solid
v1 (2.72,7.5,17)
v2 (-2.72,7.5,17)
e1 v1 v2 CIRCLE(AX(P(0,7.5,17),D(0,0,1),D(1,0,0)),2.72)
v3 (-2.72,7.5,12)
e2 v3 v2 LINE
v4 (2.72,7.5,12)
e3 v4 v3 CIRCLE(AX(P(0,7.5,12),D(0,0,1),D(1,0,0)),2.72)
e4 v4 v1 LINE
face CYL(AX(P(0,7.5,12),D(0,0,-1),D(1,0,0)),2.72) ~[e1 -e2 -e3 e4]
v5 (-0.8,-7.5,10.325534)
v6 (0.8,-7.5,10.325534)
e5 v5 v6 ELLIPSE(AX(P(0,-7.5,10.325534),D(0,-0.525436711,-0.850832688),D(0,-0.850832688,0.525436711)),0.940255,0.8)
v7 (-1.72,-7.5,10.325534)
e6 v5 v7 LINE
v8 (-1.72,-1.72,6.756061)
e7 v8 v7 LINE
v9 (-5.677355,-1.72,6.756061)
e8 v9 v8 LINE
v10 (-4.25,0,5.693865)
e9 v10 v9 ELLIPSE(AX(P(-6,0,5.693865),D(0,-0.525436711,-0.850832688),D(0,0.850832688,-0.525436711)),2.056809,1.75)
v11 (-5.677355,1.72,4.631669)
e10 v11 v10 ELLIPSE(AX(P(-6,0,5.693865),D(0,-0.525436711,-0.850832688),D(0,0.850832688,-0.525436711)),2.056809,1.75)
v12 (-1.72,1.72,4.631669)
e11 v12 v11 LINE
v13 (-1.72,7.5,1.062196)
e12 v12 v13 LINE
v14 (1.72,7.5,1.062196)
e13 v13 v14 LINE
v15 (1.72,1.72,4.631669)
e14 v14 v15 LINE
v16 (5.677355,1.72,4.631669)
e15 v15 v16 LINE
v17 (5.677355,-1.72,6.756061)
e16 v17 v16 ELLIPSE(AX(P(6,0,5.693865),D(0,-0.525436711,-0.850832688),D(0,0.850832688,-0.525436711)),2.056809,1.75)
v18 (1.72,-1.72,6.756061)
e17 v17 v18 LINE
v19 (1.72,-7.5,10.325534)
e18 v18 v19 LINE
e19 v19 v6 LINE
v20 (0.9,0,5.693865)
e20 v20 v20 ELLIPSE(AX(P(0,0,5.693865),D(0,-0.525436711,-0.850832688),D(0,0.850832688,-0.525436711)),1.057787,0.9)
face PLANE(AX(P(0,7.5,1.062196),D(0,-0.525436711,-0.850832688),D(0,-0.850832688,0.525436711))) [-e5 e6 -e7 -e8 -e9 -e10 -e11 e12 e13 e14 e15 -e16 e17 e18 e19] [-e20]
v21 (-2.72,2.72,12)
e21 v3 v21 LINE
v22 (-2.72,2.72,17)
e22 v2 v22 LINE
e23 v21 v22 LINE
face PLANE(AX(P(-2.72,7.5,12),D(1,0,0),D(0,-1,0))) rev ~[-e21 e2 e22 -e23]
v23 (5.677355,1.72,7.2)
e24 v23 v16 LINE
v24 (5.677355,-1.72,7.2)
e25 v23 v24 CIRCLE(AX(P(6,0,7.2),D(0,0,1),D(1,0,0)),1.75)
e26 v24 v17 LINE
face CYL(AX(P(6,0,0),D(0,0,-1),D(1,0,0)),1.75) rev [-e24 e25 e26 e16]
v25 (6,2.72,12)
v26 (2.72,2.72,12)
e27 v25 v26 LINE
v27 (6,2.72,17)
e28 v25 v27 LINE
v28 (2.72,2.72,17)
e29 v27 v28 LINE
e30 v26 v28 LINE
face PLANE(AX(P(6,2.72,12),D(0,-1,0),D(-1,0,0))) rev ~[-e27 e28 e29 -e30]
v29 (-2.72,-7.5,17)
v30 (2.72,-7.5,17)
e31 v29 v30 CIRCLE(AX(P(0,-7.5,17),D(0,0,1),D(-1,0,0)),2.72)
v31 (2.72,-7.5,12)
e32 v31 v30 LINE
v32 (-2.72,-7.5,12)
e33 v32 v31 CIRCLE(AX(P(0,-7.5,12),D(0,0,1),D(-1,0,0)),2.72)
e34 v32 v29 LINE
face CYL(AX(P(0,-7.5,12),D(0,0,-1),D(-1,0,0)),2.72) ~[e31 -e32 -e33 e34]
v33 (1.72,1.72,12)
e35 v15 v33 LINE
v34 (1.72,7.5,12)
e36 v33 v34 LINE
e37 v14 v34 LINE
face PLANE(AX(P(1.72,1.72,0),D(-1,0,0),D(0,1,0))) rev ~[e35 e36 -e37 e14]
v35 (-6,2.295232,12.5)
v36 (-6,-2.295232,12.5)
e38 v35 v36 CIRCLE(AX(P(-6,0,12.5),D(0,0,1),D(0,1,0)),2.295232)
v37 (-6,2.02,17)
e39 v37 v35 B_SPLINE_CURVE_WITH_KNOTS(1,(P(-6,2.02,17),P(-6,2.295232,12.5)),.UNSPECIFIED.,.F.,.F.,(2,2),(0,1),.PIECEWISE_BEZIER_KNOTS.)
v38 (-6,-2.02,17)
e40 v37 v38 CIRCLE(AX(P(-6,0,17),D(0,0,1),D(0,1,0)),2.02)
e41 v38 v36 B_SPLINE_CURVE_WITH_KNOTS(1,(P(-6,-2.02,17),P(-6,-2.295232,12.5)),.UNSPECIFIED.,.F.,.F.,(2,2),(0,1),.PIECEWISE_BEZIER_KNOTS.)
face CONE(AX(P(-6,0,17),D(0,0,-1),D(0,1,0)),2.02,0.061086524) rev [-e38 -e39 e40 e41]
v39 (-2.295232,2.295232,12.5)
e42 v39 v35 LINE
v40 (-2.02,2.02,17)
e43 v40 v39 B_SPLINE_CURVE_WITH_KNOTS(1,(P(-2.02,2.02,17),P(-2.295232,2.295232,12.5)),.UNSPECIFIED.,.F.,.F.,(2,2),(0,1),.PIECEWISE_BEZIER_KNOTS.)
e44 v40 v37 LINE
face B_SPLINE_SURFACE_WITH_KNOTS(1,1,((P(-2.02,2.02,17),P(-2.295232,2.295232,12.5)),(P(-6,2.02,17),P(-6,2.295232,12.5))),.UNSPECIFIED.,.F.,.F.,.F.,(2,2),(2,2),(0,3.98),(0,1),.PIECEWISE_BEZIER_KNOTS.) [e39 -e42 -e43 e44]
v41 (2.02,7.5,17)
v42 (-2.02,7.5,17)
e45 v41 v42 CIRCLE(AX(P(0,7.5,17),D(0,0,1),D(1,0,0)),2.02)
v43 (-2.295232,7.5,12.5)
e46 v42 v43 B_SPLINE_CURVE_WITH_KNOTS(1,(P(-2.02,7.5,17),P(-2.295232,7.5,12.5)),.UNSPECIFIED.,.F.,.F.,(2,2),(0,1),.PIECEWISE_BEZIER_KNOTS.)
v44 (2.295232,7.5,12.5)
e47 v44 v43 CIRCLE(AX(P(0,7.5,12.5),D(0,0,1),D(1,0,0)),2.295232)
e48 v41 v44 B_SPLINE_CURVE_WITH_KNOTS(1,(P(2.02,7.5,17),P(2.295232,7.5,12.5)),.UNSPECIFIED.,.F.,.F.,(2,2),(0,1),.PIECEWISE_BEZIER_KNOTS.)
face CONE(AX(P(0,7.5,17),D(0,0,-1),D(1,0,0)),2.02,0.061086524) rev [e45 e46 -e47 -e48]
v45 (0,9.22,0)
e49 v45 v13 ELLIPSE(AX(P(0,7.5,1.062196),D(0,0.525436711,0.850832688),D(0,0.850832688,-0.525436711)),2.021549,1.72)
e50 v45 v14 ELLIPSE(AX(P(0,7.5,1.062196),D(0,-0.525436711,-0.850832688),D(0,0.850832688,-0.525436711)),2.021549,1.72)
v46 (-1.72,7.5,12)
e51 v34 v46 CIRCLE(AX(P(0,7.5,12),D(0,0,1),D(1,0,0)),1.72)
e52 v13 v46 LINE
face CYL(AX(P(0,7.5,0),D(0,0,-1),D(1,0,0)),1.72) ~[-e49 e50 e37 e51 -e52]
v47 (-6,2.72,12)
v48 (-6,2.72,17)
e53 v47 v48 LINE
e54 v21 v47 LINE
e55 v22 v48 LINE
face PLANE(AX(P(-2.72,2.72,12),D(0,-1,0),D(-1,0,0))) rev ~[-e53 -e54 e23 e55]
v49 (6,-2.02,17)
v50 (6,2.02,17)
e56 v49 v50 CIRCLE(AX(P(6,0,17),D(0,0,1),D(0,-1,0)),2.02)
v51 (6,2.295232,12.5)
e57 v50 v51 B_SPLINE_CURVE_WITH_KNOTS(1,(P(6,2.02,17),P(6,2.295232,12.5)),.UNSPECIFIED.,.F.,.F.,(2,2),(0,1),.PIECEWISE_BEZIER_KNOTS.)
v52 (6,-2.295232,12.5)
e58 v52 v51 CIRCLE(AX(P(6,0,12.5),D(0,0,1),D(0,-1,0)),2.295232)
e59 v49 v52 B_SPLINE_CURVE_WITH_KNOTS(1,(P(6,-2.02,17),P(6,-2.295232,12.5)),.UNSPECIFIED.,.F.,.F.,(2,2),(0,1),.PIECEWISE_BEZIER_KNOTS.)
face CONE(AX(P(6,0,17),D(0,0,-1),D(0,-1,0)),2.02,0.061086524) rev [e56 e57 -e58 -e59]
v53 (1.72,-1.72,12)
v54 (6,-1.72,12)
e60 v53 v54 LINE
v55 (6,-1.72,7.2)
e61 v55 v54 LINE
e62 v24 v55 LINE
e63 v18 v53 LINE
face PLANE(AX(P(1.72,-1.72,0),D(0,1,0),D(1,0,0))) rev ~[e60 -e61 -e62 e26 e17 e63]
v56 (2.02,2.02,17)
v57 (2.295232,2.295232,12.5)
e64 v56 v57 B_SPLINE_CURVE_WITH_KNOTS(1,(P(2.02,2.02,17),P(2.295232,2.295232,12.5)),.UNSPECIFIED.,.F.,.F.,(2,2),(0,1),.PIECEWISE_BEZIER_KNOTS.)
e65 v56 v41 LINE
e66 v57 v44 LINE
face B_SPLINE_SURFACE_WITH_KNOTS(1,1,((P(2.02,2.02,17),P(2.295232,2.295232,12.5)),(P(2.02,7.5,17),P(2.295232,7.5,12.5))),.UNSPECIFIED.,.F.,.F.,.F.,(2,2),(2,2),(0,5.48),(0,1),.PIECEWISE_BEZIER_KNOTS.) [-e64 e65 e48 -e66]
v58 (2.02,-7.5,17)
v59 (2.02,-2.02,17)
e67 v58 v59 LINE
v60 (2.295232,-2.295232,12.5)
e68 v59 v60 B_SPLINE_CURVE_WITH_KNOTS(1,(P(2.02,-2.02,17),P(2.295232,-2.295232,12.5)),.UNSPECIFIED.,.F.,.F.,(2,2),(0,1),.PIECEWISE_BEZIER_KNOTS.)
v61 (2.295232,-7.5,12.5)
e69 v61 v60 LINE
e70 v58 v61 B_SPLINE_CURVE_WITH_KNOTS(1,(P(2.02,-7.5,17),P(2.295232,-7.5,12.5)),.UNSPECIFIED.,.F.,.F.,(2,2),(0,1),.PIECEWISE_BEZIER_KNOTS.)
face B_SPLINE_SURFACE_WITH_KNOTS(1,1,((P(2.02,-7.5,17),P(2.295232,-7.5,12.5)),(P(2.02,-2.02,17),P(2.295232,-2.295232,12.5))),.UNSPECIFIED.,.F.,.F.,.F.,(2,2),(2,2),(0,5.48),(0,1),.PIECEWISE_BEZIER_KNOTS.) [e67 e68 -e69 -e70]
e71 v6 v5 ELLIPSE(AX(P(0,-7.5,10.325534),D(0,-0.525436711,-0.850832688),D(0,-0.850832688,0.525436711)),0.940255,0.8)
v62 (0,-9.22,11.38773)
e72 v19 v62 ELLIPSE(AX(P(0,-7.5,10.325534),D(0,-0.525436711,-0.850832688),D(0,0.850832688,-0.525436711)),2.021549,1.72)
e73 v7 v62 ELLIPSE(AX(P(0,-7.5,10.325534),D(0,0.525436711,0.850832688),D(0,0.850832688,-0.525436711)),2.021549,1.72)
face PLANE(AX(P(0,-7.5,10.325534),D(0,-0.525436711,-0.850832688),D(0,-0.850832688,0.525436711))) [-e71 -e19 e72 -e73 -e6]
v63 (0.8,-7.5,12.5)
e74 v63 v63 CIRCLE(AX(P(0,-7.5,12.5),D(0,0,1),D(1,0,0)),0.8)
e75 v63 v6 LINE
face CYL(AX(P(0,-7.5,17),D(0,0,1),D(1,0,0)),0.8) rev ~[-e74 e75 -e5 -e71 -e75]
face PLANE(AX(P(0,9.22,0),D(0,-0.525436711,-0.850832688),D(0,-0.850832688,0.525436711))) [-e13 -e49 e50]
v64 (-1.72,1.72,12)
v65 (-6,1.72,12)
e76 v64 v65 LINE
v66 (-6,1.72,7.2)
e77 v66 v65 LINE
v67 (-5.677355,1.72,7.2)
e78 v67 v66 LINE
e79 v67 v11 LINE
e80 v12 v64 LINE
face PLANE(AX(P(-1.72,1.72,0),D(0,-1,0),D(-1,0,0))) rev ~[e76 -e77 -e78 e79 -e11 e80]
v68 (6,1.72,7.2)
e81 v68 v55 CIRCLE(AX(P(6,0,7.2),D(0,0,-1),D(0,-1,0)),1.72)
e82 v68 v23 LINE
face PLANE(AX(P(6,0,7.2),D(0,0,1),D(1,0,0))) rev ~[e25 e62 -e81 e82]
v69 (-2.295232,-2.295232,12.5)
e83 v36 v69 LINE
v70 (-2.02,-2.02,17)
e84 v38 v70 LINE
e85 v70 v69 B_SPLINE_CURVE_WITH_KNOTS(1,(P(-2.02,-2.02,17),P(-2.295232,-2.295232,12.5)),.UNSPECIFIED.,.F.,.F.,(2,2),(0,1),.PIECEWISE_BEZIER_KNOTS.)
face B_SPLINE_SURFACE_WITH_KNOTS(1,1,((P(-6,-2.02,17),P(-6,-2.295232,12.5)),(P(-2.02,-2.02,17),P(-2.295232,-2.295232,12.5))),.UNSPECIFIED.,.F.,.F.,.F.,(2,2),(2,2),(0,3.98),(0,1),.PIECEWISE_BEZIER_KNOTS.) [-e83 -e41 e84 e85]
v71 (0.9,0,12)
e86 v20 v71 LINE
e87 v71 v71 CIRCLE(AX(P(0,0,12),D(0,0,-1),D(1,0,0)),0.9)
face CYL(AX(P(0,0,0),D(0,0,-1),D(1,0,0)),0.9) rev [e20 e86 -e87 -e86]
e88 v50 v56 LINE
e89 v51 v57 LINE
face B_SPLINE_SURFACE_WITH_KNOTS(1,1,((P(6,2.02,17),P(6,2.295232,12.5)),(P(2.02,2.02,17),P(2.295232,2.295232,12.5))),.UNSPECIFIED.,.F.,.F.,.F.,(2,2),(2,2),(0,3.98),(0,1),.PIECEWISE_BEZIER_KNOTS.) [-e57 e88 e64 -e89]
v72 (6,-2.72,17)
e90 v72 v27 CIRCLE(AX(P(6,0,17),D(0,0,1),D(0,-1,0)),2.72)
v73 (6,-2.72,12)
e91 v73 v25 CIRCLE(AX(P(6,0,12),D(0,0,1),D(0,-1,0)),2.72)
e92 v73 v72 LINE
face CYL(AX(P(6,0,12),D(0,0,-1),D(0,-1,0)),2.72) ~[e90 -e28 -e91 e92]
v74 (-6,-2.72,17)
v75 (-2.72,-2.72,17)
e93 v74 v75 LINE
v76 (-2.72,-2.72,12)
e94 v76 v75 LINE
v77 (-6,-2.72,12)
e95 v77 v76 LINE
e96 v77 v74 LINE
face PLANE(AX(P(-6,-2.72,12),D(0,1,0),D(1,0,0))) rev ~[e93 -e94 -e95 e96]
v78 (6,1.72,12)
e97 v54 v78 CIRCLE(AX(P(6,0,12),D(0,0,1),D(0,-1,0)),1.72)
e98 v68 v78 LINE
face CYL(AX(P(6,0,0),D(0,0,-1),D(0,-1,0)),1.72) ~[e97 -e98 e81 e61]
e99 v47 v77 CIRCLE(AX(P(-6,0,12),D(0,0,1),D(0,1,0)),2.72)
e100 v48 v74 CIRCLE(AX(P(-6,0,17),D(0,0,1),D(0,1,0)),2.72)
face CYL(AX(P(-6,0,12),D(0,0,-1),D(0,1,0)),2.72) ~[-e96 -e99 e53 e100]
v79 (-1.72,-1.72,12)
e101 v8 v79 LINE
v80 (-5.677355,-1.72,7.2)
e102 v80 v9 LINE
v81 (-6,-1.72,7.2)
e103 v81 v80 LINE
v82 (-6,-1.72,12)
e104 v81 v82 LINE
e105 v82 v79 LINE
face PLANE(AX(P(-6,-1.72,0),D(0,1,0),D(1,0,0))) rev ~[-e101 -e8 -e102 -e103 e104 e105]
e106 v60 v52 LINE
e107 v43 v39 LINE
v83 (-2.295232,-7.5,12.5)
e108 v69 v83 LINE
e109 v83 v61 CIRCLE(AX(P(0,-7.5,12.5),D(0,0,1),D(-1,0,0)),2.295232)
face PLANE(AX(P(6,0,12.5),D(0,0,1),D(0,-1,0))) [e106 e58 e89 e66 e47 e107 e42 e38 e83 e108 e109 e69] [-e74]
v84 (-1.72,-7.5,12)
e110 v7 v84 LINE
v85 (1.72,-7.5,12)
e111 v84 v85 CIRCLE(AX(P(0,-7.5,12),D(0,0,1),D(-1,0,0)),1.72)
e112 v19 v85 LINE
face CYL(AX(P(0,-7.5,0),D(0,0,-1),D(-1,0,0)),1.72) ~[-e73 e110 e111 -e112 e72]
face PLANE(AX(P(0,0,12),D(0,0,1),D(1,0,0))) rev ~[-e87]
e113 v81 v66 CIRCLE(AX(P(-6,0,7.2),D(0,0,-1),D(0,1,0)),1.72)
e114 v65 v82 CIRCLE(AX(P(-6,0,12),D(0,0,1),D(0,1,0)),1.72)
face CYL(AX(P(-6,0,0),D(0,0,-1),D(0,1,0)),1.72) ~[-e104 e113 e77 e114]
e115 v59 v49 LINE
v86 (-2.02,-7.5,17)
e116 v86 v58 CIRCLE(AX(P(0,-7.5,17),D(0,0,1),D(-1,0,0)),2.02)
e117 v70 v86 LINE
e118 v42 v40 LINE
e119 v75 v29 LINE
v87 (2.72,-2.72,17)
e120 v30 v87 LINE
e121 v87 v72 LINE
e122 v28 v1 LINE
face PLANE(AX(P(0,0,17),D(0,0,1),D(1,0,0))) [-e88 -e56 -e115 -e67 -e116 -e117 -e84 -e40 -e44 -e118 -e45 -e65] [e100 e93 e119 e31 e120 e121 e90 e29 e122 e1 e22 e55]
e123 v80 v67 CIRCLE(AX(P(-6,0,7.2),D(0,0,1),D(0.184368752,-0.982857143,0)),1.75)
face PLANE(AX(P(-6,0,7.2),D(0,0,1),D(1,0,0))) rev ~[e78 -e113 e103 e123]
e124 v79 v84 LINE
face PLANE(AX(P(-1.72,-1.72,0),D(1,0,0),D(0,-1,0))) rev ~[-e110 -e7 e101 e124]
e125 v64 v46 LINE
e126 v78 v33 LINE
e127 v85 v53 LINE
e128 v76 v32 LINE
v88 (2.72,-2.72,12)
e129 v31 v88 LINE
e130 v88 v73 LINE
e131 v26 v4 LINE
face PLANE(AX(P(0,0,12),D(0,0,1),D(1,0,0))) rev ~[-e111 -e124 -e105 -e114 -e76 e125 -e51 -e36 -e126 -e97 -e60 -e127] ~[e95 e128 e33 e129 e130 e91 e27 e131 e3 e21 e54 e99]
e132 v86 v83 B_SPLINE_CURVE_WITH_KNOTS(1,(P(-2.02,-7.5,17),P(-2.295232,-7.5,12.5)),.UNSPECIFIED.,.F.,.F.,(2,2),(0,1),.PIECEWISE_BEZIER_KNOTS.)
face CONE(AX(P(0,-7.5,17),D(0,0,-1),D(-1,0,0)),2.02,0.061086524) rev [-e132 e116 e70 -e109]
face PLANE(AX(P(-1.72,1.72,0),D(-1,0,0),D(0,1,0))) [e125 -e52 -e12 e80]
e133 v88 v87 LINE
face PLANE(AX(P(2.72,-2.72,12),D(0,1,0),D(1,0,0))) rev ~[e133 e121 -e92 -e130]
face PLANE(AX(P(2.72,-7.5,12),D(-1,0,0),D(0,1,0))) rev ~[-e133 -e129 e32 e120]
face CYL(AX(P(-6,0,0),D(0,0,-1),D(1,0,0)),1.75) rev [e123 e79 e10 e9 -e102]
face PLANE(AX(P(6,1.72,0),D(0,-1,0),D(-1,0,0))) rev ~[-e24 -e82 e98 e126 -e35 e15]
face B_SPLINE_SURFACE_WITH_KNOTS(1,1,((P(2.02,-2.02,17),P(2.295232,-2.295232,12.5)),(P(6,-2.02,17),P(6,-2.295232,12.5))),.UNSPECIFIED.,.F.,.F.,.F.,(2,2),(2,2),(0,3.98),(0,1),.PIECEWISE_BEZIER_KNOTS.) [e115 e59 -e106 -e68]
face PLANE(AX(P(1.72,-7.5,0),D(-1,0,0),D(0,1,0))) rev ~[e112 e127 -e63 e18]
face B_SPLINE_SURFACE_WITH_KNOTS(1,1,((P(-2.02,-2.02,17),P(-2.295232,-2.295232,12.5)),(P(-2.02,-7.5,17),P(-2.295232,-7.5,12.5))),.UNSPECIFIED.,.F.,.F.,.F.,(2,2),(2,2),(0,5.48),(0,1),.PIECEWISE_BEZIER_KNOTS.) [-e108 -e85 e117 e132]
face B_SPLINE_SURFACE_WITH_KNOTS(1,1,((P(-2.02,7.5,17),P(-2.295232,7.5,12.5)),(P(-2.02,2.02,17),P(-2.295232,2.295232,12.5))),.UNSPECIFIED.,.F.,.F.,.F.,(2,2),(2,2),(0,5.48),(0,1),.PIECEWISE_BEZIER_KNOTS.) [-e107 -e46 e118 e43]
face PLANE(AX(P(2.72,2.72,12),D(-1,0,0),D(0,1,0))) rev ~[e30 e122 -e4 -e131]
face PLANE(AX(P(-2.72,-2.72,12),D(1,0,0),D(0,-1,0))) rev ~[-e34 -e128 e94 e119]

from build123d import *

# Parameters (mm, degrees)
F0_W          = 4.28
F0_H          = 3.44
F0_W_2        = 3.44
F0_H_2        = 5.78
F1_DEPTH      = 12
F3_DEPTH      = 25
F3_DEPTH_BACK = 25
F4_R          = 1.75
F5_DEPTH      = 7.2
F6_R          = 0.9
F7_DEPTH      = 55
F8_R          = 0.9
F10_DEPTH     = 5
F11_R         = 0.8
F12_DEPTH     = 17.001
F14_DEPTH     = 4.5
F14_TAPER     = -3.5


with BuildPart() as f1:
    # F0 (on Top) → F1 (new body)
    with BuildSketch(Plane.XY):
        with Locations((3.86, 0)):
            Rectangle(F0_W, F0_H)
        with BuildLine():
            Line((6, 1.72), (6, -1.72))
            ThreePointArc((6, -1.72), (7.72, 0), (6, 1.72))
        make_face()
        with Locations((0, -4.61)):
            Rectangle(F0_W_2, F0_H_2)
        Rectangle(F0_W_2, F0_H)
        with Locations((-3.86, 0)):
            Rectangle(F0_W, F0_H)
        with BuildLine():
            ThreePointArc((-1.72, -7.5), (0, -9.22), (1.72, -7.5))
            Line((1.72, -7.5), (-1.72, -7.5))
        make_face()
        with Locations((0, 4.61)):
            Rectangle(F0_W_2, F0_H_2)
        with BuildLine():
            ThreePointArc((-6, 1.72), (-7.72, 0), (-6, -1.72))
            Line((-6, -1.72), (-6, 1.72))
        make_face()
        with BuildLine():
            Line((-1.72, 7.5), (1.72, 7.5))
            ThreePointArc((1.72, 7.5), (0, 9.22), (-1.72, 7.5))
        make_face()
    extrude(amount=F1_DEPTH)

    # F2 (on Right) → F3 (cut, two sides)
    with BuildSketch(Plane.YZ) as f3_sk:
        Polygon((-7.5, 0), (7.5, 0), (7.5, 1.0621960754), (-7.5, 10.3255339419), align=None)
        Polygon((7.5, 1.0621960754), (7.5, 0), (9.22, 0), align=None)
        Polygon((-9.22, 0), (-7.5, 0), (-7.5, 10.3255339419), (-9.22, 11.3877300173), align=None)
    extrude(amount=-F3_DEPTH, mode=Mode.SUBTRACT)
    extrude(f3_sk.sketch, amount=F3_DEPTH_BACK, mode=Mode.SUBTRACT)

    # F4 (on Top) → F5 (cut)
    with BuildSketch(Plane.XY):
        with Locations((6, 0)):
            Circle(F4_R)
        with Locations((-6, 0)):
            Circle(F4_R)
    extrude(amount=F5_DEPTH, mode=Mode.SUBTRACT)

    # F6 (on Top) → F7 (cut)
    with BuildSketch(Plane.XY):
        Circle(F6_R)
    extrude(amount=F7_DEPTH, mode=Mode.SUBTRACT)

    # F8 (on face) + F9 (on face) → F10 (join)
    with BuildSketch(Plane.XY.offset(12)):
        with BuildLine():
            Line((1.72, -7.5), (1.72, -1.72))
            Line((1.72, -1.72), (6, -1.72))
            ThreePointArc((6, -1.72), (7.72, 0), (6, 1.72))
            Line((6, 1.72), (1.72, 1.72))
            Line((1.72, 1.72), (1.72, 7.5))
            ThreePointArc((1.72, 7.5), (0, 9.22), (-1.72, 7.5))
            Line((-1.72, 7.5), (-1.72, 1.72))
            Line((-1.72, 1.72), (-6, 1.72))
            ThreePointArc((-6, 1.72), (-7.72, 0), (-6, -1.72))
            Line((-6, -1.72), (-1.72, -1.72))
            Line((-1.72, -1.72), (-1.72, -7.5))
            ThreePointArc((-1.72, -7.5), (0, -9.22), (1.72, -7.5))
        make_face()
        Circle(F8_R, mode=Mode.SUBTRACT)
    with BuildSketch(Plane.XY.offset(12)):
        with BuildLine():
            ThreePointArc((-2.7199999895, -7.5), (0, -10.2199999895), (2.7199999895, -7.5))
            Line((2.7199999895, -7.5), (2.7199999895, -2.7199999895))
            Line((2.7199999895, -2.7199999895), (6, -2.7199999895))
            ThreePointArc((6, -2.7199999895), (8.7199999895, 0), (6, 2.7199999895))
            Line((6, 2.7199999895), (2.7199999895, 2.7199999895))
            Line((2.7199999895, 2.7199999895), (2.7199999895, 7.5))
            ThreePointArc((2.7199999895, 7.5), (0, 10.2199999895), (-2.7199999895, 7.5))
            Line((-2.7199999895, 7.5), (-2.7199999895, 2.7199999895))
            Line((-2.7199999895, 2.7199999895), (-6, 2.7199999895))
            ThreePointArc((-6, 2.7199999895), (-8.7199999895, 0), (-6, -2.7199999895))
            Line((-6, -2.7199999895), (-2.7199999895, -2.7199999895))
            Line((-2.7199999895, -2.7199999895), (-2.7199999895, -7.5))
        make_face()
    extrude(amount=F10_DEPTH)

    # F11 (on face) → F12 (cut, through all)
    with BuildSketch(Plane.XY.offset(17)):
        with Locations((0, -7.5)):
            Circle(F11_R)
    extrude(amount=-F12_DEPTH, mode=Mode.SUBTRACT)

    # F13 (on face) → F14 (cut)
    with BuildSketch(Plane.XY.offset(17)):
        with BuildLine():
            Line((2.02, -2.02), (6, -2.02))
            ThreePointArc((6, -2.02), (8.02, 0), (6, 2.02))
            Line((6, 2.02), (2.02, 2.02))
            Line((2.02, 2.02), (2.02, 7.5))
            ThreePointArc((2.02, 7.5), (0, 9.52), (-2.02, 7.5))
            Line((-2.02, 7.5), (-2.02, 2.02))
            Line((-2.02, 2.02), (-6, 2.02))
            ThreePointArc((-6, 2.02), (-8.02, 0), (-6, -2.02))
            Line((-6, -2.02), (-2.02, -2.02))
            Line((-2.02, -2.02), (-2.02, -7.5))
            ThreePointArc((-2.02, -7.5), (0, -9.52), (2.02, -7.5))
            Line((2.02, -7.5), (2.02, -2.02))
        make_face()
    extrude(amount=-F14_DEPTH, taper=F14_TAPER, mode=Mode.SUBTRACT)


solid = f1.part
